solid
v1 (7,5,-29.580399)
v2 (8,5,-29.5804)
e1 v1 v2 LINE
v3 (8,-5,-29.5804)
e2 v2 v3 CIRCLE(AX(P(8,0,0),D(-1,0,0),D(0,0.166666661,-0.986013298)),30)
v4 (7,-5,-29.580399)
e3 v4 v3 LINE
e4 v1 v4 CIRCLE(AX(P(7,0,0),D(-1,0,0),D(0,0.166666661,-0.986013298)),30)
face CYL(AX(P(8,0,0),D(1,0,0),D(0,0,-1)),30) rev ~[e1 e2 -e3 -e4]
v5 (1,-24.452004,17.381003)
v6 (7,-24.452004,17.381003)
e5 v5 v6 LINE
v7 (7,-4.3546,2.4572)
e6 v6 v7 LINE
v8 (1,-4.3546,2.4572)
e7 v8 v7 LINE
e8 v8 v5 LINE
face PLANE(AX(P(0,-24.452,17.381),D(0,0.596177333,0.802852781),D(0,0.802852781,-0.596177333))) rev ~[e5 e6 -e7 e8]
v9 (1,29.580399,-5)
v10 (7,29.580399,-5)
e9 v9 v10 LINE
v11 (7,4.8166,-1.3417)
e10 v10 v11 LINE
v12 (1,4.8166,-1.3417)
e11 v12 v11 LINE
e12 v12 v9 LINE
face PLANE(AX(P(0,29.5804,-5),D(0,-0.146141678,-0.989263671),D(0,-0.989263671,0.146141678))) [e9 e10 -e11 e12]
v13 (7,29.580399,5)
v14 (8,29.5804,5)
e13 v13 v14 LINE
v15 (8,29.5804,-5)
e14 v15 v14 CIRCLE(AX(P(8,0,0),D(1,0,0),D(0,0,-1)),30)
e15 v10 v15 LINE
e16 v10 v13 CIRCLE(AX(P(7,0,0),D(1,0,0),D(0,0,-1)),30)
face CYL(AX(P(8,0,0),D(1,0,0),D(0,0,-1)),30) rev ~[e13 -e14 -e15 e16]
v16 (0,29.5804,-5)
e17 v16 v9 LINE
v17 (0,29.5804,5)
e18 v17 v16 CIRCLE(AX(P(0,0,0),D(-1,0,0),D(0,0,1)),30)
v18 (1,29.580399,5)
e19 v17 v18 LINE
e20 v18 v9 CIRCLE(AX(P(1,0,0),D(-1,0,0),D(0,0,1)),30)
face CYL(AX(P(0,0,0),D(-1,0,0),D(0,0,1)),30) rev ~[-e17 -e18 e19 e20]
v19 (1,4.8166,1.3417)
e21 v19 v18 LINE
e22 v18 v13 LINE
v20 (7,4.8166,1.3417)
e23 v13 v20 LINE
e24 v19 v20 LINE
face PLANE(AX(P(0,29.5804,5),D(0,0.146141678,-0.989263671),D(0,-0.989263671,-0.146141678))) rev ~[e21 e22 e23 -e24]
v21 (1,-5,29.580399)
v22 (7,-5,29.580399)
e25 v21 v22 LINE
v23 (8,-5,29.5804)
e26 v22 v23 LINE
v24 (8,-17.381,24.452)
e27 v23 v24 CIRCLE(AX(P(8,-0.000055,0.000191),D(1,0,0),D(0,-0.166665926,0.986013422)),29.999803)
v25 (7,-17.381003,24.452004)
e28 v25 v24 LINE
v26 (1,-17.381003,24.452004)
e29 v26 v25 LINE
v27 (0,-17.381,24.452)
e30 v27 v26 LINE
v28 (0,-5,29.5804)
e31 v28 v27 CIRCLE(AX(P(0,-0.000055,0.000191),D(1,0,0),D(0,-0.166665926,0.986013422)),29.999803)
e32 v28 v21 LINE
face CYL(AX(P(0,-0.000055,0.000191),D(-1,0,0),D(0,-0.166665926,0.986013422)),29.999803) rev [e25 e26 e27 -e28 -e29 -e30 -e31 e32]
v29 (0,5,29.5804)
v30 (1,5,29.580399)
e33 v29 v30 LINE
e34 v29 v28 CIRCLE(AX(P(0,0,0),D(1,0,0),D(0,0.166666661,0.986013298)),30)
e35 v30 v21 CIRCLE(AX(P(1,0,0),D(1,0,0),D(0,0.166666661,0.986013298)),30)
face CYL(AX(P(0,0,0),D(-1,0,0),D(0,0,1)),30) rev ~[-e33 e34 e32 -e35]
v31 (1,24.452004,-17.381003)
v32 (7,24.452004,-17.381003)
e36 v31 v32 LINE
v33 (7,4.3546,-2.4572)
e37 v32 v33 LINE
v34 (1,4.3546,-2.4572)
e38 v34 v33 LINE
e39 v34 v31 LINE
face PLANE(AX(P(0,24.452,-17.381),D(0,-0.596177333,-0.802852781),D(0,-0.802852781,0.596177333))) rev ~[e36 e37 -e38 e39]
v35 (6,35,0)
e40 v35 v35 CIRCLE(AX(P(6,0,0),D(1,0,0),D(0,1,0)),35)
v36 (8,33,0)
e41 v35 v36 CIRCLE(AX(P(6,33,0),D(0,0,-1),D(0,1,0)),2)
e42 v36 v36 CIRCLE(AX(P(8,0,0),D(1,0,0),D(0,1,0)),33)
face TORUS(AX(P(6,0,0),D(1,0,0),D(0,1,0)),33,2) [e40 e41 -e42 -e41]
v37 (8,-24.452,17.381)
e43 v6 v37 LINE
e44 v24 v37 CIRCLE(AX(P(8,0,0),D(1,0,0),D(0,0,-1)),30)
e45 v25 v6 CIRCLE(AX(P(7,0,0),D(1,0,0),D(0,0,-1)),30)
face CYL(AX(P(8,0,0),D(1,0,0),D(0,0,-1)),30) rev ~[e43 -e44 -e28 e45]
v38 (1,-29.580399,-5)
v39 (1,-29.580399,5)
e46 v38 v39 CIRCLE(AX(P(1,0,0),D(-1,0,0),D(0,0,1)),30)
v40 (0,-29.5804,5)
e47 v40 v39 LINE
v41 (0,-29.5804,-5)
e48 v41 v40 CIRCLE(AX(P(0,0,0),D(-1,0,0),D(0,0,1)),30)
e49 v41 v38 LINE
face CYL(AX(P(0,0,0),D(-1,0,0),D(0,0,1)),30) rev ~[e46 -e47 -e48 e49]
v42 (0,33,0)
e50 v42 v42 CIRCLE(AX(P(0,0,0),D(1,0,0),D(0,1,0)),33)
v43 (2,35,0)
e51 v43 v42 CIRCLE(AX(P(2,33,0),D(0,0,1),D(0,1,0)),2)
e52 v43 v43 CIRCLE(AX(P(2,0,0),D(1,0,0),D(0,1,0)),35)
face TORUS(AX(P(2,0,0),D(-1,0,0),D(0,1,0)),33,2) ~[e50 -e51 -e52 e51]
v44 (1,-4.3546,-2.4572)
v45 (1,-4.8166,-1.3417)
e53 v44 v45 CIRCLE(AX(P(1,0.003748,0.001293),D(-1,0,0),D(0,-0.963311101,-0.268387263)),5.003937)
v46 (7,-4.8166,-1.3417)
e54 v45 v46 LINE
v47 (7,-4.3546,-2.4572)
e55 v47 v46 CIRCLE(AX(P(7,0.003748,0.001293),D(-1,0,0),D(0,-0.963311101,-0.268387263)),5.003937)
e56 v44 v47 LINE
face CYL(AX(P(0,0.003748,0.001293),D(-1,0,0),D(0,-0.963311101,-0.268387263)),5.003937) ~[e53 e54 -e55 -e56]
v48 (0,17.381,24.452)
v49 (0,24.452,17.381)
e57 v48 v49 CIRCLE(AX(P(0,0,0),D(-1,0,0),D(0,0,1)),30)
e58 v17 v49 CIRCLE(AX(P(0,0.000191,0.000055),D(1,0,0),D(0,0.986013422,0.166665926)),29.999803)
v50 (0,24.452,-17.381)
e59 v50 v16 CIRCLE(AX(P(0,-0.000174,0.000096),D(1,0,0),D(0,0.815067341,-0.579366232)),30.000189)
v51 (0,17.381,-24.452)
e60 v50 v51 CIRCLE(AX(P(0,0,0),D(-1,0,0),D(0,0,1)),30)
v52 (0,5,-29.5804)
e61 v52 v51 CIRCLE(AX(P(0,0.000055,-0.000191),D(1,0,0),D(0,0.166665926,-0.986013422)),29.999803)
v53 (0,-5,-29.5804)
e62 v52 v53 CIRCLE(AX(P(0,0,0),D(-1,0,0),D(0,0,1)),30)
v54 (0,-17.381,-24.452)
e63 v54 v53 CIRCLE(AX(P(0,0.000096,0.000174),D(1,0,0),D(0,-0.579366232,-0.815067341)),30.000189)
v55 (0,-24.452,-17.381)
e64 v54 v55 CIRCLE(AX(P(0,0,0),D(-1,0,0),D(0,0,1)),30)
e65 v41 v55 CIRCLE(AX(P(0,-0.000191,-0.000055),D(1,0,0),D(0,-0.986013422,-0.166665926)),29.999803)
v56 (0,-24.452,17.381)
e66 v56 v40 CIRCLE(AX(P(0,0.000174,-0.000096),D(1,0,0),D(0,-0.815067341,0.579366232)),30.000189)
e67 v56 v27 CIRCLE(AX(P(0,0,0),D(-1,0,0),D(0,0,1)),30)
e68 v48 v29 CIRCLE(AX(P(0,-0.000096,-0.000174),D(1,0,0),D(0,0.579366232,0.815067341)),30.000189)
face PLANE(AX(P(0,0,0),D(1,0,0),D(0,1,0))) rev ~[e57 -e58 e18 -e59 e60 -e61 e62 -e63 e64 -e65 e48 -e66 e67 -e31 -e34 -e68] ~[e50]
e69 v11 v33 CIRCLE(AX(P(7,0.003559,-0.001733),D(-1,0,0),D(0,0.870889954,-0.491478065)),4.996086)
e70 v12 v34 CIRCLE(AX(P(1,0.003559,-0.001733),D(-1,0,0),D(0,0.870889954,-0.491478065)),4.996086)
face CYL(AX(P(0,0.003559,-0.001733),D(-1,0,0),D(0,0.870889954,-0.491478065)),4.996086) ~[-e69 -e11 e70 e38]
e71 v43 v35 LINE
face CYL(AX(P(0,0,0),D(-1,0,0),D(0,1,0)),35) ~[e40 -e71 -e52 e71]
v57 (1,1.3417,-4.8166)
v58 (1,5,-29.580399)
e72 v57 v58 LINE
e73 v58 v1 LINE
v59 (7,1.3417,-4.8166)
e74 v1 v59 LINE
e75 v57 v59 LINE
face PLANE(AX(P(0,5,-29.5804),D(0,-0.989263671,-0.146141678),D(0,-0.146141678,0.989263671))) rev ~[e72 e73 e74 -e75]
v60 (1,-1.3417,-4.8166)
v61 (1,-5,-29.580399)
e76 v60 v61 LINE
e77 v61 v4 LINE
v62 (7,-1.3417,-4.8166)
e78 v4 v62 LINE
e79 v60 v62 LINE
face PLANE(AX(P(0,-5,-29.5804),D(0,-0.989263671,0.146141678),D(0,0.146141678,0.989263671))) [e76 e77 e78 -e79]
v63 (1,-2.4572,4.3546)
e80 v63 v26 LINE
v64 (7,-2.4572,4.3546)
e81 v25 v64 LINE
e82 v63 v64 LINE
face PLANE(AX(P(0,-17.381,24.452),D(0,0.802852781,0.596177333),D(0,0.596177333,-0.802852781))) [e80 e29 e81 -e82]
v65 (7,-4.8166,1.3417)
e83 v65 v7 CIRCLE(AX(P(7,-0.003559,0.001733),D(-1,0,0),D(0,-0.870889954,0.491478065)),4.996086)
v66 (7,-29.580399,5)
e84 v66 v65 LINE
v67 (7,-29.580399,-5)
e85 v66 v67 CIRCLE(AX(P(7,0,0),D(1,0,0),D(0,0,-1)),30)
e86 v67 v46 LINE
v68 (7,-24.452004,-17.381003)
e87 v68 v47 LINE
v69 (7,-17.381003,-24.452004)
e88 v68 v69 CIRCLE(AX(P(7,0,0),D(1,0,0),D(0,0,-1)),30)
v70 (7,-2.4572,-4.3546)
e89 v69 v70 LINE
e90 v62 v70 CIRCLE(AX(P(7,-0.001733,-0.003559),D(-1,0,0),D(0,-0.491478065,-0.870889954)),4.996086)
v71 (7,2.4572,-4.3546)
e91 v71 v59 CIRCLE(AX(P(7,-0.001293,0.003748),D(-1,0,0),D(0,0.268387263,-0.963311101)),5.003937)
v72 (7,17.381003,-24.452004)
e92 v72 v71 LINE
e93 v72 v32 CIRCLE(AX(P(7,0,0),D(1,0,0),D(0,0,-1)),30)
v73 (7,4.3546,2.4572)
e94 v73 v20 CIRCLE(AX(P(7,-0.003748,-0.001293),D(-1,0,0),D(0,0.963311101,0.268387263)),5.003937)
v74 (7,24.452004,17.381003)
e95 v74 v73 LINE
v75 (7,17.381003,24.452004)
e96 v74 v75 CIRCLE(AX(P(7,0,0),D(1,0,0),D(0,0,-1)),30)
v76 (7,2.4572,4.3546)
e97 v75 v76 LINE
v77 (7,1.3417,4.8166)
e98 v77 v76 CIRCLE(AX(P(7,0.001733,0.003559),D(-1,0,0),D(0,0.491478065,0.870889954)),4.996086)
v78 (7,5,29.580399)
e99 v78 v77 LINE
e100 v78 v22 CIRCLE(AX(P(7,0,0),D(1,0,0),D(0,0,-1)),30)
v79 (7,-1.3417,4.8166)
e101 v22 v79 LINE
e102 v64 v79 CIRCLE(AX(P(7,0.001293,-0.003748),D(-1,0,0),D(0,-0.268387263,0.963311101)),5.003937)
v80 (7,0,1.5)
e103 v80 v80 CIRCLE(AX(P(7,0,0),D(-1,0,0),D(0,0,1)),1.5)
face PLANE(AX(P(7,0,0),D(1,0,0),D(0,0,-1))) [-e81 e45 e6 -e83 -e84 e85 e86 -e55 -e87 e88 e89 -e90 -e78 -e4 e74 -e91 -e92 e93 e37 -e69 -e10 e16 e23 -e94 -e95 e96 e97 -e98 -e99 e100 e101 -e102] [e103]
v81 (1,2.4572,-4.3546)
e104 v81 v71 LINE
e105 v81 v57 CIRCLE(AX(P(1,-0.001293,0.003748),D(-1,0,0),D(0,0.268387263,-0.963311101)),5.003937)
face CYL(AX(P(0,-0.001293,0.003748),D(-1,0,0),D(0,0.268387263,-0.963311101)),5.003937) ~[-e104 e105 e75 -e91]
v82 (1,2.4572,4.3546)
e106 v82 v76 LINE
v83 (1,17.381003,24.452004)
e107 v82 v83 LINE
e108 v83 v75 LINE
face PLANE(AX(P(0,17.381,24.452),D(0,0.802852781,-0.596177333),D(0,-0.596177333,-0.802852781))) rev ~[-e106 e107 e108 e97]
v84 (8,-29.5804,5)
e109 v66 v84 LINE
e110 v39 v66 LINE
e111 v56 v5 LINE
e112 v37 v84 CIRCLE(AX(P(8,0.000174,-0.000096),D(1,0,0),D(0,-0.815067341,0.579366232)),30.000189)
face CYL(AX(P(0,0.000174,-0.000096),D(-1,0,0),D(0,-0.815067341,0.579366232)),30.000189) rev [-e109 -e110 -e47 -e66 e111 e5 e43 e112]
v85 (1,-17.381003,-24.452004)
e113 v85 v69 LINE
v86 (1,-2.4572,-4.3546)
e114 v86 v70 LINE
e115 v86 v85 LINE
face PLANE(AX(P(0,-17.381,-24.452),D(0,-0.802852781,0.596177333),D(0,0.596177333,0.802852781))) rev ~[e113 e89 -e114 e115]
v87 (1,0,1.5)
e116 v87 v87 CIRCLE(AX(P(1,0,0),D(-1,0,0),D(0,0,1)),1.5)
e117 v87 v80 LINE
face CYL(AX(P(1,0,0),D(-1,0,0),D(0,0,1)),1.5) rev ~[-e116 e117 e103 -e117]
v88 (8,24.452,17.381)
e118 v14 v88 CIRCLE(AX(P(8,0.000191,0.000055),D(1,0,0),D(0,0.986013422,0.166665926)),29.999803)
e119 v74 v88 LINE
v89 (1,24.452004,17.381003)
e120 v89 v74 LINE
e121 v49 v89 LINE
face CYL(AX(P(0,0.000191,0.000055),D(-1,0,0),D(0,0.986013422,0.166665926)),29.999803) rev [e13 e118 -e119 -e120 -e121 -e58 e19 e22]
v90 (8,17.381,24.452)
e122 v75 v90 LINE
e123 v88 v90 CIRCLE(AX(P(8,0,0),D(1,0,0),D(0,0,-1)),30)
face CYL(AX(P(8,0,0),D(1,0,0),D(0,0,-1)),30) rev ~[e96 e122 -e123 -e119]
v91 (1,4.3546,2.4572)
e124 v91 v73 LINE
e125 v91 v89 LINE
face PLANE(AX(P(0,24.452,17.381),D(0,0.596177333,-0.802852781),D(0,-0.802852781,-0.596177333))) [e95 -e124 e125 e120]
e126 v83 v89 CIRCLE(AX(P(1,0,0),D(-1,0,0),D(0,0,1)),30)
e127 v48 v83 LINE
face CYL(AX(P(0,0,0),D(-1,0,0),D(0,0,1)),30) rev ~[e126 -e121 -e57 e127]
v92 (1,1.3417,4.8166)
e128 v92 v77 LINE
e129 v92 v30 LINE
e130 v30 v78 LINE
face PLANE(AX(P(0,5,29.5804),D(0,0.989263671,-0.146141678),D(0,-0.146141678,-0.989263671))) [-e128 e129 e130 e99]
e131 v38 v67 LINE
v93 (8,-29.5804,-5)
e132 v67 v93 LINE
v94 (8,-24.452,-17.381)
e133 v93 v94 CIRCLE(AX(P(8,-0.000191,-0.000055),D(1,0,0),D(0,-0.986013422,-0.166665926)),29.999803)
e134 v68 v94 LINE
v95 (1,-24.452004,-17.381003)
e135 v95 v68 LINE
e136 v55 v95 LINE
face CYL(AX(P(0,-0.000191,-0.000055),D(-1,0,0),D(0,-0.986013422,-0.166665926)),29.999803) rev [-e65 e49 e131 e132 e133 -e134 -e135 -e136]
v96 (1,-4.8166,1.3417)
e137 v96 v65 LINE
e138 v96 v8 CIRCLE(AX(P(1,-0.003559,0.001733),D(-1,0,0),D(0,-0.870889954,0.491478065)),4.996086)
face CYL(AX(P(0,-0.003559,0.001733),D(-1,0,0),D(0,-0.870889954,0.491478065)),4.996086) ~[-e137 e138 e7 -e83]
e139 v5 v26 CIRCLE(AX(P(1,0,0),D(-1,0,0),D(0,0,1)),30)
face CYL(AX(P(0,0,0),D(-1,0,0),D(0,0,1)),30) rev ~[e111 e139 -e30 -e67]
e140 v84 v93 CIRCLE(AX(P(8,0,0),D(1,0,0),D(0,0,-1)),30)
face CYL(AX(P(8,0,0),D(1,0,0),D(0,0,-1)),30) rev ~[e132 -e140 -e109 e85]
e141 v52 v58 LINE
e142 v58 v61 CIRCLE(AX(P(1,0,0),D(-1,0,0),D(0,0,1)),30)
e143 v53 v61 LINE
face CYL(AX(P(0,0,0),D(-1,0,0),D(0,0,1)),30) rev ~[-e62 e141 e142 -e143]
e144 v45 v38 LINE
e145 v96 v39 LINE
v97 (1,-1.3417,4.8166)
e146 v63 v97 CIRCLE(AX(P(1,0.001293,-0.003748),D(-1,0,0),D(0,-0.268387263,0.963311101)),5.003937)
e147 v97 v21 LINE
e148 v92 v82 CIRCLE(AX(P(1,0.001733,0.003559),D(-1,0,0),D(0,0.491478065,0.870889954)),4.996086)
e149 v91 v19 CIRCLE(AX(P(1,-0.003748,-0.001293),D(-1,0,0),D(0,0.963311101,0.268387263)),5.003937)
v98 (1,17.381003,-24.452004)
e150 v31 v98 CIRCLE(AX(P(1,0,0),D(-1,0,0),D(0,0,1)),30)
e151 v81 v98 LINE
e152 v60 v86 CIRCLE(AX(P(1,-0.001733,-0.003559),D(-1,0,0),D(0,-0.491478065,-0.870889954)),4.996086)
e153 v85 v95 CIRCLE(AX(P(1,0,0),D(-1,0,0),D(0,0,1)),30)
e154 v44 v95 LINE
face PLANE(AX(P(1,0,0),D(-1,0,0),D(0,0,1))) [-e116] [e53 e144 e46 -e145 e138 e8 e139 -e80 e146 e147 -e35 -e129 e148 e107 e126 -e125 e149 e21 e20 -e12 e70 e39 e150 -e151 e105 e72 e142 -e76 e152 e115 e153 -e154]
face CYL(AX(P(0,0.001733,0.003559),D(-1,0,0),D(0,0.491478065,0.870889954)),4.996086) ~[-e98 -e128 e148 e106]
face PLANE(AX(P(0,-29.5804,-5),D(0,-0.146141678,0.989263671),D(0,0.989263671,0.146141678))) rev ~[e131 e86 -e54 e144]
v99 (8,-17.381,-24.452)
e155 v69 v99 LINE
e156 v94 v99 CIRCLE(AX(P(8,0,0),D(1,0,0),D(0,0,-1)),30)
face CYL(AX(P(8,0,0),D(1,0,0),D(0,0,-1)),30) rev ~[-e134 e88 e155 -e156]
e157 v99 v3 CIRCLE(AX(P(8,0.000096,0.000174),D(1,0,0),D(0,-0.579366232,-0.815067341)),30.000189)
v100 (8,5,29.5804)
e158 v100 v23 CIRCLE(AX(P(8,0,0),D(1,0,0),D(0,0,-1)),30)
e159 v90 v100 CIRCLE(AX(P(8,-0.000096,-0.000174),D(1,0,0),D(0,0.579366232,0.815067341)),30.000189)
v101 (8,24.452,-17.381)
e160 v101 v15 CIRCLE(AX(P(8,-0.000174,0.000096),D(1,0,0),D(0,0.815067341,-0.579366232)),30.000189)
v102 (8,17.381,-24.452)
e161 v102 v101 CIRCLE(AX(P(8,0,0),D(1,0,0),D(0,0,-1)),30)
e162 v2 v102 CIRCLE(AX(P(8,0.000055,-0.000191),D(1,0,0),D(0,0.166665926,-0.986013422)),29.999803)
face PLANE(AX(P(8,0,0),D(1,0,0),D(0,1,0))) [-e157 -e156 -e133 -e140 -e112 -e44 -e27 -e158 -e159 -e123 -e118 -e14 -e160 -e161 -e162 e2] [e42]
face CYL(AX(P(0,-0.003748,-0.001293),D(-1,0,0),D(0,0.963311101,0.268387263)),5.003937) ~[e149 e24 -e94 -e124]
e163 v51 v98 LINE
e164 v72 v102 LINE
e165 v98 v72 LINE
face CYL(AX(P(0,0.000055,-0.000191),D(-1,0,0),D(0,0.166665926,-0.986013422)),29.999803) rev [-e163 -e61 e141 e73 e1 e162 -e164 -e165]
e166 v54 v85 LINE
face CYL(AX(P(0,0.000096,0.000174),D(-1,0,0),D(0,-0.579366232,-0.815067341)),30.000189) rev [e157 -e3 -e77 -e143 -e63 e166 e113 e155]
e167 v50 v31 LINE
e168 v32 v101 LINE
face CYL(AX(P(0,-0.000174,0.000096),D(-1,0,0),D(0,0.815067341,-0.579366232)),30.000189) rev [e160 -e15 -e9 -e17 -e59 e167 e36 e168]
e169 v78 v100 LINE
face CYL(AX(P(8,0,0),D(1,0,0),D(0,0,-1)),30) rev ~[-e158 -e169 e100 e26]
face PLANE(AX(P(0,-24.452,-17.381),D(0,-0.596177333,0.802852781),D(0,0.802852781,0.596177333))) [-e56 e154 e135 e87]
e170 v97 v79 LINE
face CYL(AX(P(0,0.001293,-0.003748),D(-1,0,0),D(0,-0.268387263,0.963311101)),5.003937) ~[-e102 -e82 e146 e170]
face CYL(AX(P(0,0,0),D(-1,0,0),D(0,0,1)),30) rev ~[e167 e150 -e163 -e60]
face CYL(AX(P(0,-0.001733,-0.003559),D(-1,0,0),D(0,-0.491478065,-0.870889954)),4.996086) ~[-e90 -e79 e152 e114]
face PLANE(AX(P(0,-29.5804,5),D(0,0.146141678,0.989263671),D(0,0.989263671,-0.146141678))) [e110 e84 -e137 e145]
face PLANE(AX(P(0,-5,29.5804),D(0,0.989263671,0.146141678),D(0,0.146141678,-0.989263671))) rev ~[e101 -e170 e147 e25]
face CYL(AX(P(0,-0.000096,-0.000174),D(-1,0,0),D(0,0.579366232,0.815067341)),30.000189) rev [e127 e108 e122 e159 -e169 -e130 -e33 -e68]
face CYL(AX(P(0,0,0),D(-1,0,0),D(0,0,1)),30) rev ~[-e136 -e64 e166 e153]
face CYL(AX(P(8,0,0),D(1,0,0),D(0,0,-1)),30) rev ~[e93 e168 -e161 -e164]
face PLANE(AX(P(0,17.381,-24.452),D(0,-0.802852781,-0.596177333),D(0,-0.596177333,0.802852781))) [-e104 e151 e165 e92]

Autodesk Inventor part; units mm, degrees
ref_plane "YZ Plane" through (0, 0, 0) normal (1, 0, 0) x (0, 1, 0)
ref_plane "XZ Plane" through (0, 0, 0) normal (0, 1, 0) x (-1, 0, 0)
ref_plane "XY Plane" through (0, 0, 0) normal (0, 0, 1) x (1, 0, 0)
sketch "Sketch1" plane through (0, 0, 0) normal (1, 0, 0) x (0, 1, 0)
  circle A0 centre (0, 0) radius 35
  line L0 (29.5804, -5) -> (4.8166, -1.3417)
  line L1 (36.6755, 0) -> (35, 0)
  line L2 (29.5804, 5) -> (4.8166, 1.3417)
  line L3 (17.381, 24.452) -> (2.4572, 4.3546)
  line L4 (24.452, 17.381) -> (4.3546, 2.4572)
  line L5 (-5, 29.5804) -> (-1.3417, 4.8166)
  line L6 (5, 29.5804) -> (1.3417, 4.8166)
  line L7 (-24.452, 17.381) -> (-4.3546, 2.4572)
  line L8 (-17.381, 24.452) -> (-2.4572, 4.3546)
  line L9 (-29.5804, -5) -> (-4.8166, -1.3417)
  line L10 (-29.5804, 5) -> (-4.8166, 1.3417)
  line L11 (-17.381, -24.452) -> (-2.4572, -4.3546)
  line L12 (-24.452, -17.381) -> (-4.3546, -2.4572)
  line L13 (5, -29.5804) -> (1.3417, -4.8166)
  line L14 (-5, -29.5804) -> (-1.3417, -4.8166)
  line L15 (24.452, -17.381) -> (4.3546, -2.4572)
  line L16 (17.381, -24.452) -> (2.4572, -4.3546)
  arc A1 (4.8166, 1.3417) -> (4.3546, 2.4572) centre (0, 0) ccw
  arc A2 (2.4572, 4.3546) -> (1.3417, 4.8166) centre (0, 0) ccw
  arc A3 (-1.3417, 4.8166) -> (-2.4572, 4.3546) centre (0, 0) ccw
  arc A4 (-4.3546, 2.4572) -> (-4.8166, 1.3417) centre (0, 0) ccw
  arc A5 (-4.8166, -1.3417) -> (-4.3546, -2.4572) centre (0, 0) ccw
  arc A6 (-2.4572, -4.3546) -> (-1.3417, -4.8166) centre (0, 0) ccw
  arc A7 (1.3417, -4.8166) -> (2.4572, -4.3546) centre (0, 0) ccw
  arc A8 (4.3546, -2.4572) -> (4.8166, -1.3417) centre (0, 0) ccw
  arc A9 (29.5804, 5) -> (24.452, 17.381) centre (0, 0) ccw
  arc A10 (24.452, -17.381) -> (29.5804, -5) centre (0, 0) ccw
  arc A11 (5, -29.5804) -> (17.381, -24.452) centre (0, 0) ccw
  arc A12 (-17.381, -24.452) -> (-5, -29.5804) centre (0, 0) ccw
  arc A13 (-29.5804, -5) -> (-24.452, -17.381) centre (0, 0) ccw
  arc A14 (-24.452, 17.381) -> (-29.5804, 5) centre (0, 0) ccw
  arc A15 (17.381, 24.452) -> (5, 29.5804) centre (0, 0) ccw
  arc A16 (-5, 29.5804) -> (-17.381, 24.452) centre (0, 0) ccw
  dimension "d0" = 70
extrude "Extrusion1" add sketch "Sketch1" along normal blind 8
sketch "Sketch2" plane through (8, 0, 0) normal (1, 0, 0) x (0, 0, -1)
  circle A0 centre (0, 0) radius 30
  dimension "d9" = 60
extrude "Extrusion2" cut sketch "Sketch2" against normal blind 1
sketch "Sketch3" plane through (0, 0, 0) normal (-1, 0, 0) x (0, 0, 1)
  circle A0 centre (0, 0) radius 30
extrude "Extrusion3" cut sketch "Sketch3" against normal blind 1
fillet "Fillet1" radius 2 2 edges at (0, -35, 0) (8, -35, 0)
sketch "Sketch4" plane through (1, 0, 0) normal (-1, 0, 0) x (0, 0, 1)
  circle A0 centre (0, 0) radius 1.5
  dimension "d15" = 3
extrude "Extrusion4" cut sketch "Sketch4" against normal blind 10
properties part number "Wheel"
